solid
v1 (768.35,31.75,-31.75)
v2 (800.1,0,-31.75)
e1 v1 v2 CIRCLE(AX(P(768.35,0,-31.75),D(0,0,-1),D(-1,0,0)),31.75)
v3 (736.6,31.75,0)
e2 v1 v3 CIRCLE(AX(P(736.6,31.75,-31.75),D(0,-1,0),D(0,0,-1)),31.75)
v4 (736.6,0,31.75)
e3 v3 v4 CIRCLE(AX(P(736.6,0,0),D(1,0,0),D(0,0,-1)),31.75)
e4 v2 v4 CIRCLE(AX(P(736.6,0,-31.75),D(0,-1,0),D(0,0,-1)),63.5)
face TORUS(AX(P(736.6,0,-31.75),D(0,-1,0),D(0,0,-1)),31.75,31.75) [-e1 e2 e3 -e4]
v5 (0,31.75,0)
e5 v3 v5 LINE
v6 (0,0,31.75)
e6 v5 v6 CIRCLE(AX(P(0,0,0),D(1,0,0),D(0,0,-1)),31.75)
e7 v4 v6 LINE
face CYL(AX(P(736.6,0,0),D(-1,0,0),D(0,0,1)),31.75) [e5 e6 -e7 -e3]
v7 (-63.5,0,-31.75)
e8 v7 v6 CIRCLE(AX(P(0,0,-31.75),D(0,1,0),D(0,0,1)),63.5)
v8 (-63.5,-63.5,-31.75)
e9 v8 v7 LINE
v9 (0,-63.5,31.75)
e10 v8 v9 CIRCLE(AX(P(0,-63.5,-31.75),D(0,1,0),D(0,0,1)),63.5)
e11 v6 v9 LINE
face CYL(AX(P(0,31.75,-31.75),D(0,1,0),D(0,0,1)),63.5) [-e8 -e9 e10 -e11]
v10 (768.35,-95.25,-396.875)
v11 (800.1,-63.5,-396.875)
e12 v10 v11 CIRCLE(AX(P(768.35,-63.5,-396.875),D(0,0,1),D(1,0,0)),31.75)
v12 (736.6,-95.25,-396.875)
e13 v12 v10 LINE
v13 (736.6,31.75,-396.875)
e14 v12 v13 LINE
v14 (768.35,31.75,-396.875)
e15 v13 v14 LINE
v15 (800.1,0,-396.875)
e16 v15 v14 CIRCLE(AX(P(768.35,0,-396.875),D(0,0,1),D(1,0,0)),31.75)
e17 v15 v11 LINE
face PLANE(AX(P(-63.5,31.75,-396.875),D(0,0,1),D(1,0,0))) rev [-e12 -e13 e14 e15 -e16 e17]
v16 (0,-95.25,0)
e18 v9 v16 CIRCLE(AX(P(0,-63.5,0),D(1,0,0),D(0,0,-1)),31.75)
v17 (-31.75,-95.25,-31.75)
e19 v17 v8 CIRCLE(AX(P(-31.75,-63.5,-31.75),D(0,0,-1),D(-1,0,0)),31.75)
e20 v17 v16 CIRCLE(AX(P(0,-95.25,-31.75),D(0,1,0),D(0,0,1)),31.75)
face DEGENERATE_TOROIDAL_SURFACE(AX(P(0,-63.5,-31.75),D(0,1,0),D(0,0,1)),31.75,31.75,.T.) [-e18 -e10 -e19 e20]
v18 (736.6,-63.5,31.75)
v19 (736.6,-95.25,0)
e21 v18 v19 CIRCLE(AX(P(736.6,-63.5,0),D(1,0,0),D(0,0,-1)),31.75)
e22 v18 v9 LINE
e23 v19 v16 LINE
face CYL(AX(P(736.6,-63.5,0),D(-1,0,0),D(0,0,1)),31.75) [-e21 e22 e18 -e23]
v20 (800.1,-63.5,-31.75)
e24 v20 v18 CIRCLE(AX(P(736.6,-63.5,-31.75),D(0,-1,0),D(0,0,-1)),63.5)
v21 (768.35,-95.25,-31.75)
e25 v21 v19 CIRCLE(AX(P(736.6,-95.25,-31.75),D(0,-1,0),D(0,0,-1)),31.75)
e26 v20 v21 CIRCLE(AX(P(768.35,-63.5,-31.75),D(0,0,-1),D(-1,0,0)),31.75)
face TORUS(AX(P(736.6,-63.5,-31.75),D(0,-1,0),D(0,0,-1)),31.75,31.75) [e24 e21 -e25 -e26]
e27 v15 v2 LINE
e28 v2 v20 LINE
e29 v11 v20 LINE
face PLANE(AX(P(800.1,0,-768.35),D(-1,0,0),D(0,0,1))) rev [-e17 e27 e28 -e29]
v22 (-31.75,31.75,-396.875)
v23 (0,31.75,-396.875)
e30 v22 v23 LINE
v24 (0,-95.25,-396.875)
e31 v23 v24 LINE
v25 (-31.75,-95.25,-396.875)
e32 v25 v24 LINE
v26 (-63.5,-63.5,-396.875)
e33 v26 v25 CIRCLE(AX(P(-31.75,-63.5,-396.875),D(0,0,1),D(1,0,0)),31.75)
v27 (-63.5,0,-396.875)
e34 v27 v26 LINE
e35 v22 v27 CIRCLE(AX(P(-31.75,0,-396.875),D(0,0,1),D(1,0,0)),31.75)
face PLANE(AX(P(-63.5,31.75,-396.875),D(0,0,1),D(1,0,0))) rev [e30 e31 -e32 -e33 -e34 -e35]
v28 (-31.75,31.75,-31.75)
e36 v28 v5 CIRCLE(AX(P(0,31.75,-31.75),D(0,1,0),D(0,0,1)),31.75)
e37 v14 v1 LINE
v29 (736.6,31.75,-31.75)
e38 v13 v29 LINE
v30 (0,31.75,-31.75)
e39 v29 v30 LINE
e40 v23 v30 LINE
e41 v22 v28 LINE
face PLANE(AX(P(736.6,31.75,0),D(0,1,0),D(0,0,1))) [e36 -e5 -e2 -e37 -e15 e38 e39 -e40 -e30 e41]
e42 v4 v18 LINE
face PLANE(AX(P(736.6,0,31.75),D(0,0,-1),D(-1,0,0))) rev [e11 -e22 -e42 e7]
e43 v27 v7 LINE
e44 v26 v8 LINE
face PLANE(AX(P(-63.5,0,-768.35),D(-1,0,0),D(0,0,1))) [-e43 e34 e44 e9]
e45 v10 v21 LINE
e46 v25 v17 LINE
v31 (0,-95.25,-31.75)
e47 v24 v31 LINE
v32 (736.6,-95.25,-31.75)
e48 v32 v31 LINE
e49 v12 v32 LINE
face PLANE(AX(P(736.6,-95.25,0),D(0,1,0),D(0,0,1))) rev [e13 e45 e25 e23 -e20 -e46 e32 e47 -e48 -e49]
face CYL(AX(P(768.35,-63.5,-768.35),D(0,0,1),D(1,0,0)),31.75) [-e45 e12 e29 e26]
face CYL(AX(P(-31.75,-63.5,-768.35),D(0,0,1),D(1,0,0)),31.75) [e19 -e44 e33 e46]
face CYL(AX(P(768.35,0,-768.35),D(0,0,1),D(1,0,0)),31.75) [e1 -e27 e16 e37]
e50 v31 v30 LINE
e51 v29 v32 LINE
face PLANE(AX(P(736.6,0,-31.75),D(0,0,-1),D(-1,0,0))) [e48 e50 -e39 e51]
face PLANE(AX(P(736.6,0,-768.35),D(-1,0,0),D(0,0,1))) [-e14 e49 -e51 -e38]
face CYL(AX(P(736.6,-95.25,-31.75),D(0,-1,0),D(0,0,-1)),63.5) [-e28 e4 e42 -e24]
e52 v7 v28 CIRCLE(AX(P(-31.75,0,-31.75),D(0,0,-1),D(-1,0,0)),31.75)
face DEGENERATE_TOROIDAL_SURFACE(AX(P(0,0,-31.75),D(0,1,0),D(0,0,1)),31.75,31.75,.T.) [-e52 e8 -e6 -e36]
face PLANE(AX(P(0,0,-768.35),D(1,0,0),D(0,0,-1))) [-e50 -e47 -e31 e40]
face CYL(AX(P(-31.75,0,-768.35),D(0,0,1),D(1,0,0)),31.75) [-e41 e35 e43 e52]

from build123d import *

# Parameters (mm, degrees)
BOSS_EXTRUDE1_DEPTH = 736.6
REVOLVE13_ANGLE     = 90
REVOLVE12_ANGLE     = 90
BOSS_EXTRUDE3_DEPTH = 736.6
REVOLVE2_ANGLE      = 90
BOSS_EXTRUDE4_DEPTH = 736.6
REVOLVE10_ANGLE     = 90
BOSS_EXTRUDE5_DEPTH = 736.6
SKETCH16_W          = 434.975
SKETCH16_H          = 127
CUT_EXTRUDE1_DEPTH  = 1203.851588934


with BuildPart() as part:
    # Sketch1 → Boss-Extrude1 (new body)
    with BuildSketch(Plane(origin=(0, 0, 0), x_dir=(0, 0, -1), z_dir=(1, 0, 0))):
        with BuildLine():
            ThreePointArc((0, 31.75), (-22.450640303, 22.450640303), (-31.75, 0))
            Line((-31.75, 0), (-31.75, -63.5))
            ThreePointArc((-31.75, -63.5), (-22.450640303, -85.950640303), (0, -95.25))
            Line((0, -95.25), (31.75, -95.25))
            Line((31.75, -95.25), (31.75, 0))
            Line((31.75, 0), (31.75, 31.75))
            Line((31.75, 31.75), (0, 31.75))
        make_face()
    extrude(amount=BOSS_EXTRUDE1_DEPTH)



with BuildPart() as body_2:
    # Sketch8 → Revolve13 (revolve)
    with BuildSketch(Plane(origin=(736.6, 0, 0), x_dir=(0, 0, -1), z_dir=(1, 0, 0))):
        with BuildLine():
            Line((-31.75, 0), (-31.75, -63.5))
            ThreePointArc((-31.75, -63.5), (-22.450640303, -85.950640303), (0, -95.25))
            Line((0, -95.25), (31.75, -95.25))
            Line((31.75, -95.25), (31.75, 31.75))
            Line((31.75, 31.75), (0, 31.75))
            ThreePointArc((0, 31.75), (-22.450640303, 22.450640303), (-31.75, 0))
        make_face()
    revolve(axis=Axis((736.6, -95.25, -31.75), (0, 1, 0)), revolution_arc=REVOLVE13_ANGLE)


with BuildPart() as body_3:
    # Sketch15 → Revolve12 (revolve)
    with BuildSketch(Plane(origin=(0, 0, -31.75), x_dir=(0, 0, 1), z_dir=(-1, 0, 0))):
        with BuildLine():
            ThreePointArc((31.75, -95.25), (54.200640303, -85.950640303), (63.5, -63.5))
            Line((63.5, -63.5), (63.5, 0))
            ThreePointArc((63.5, 0), (54.200640303, 22.450640303), (31.75, 31.75))
            Line((31.75, 31.75), (0, 31.75))
            Line((0, 31.75), (0, -95.25))
            Line((0, -95.25), (31.75, -95.25))
        make_face()
    revolve(axis=Axis((0, 31.75, -31.75), (0, -1, 0)), revolution_arc=REVOLVE12_ANGLE)


with BuildPart() as part_1:
    add(part.part)

    add(body_2.part)  # Boss-Extrude3 merges body 2
    # Sketch7 → Boss-Extrude3 (add)
    with BuildSketch(Plane(origin=(0, 0, -31.75), x_dir=(-1, 0, 0), z_dir=(0, 0, -1))):
        with BuildLine():
            ThreePointArc((-768.35, 31.75), (-790.800640303, 22.450640303), (-800.1, 0))
            Line((-800.1, 0), (-800.1, -63.5))
            ThreePointArc((-800.1, -63.5), (-790.800640303, -85.950640303), (-768.35, -95.25))
            Line((-768.35, -95.25), (-736.6, -95.25))
            Line((-736.6, -95.25), (-736.6, 31.75))
            Line((-736.6, 31.75), (-768.35, 31.75))
        make_face()
    extrude(amount=BOSS_EXTRUDE3_DEPTH)

    # Sketch12 → Revolve2 (revolve)
    with BuildSketch(Plane(origin=(1454.15, 0, -768.35), x_dir=(-1, 0, 0), z_dir=(0, 0, -1))):
        with BuildLine():
            ThreePointArc((685.8, 31.75), (663.349359697, 22.450640303), (654.05, 0))
            Line((654.05, 0), (654.05, -63.5))
            ThreePointArc((654.05, -63.5), (663.349359697, -85.950640303), (685.8, -95.25))
            Line((685.8, -95.25), (717.55, -95.25))
            Line((717.55, -95.25), (717.55, 31.75))
            Line((717.55, 31.75), (685.8, 31.75))
        make_face()
    revolve(axis=Axis((736.6, -95.25, -768.35), (0, 1, 0)), revolution_arc=REVOLVE2_ANGLE)


    add(body_3.part)  # Boss-Extrude4 merges body 3
    # Sketch9 → Boss-Extrude4 (add)
    with BuildSketch(Plane(origin=(0, 0, -31.75), x_dir=(-1, 0, 0), z_dir=(0, 0, -1))):
        with BuildLine():
            Line((0, 31.75), (0, -95.25))
            Line((0, -95.25), (31.75, -95.25))
            ThreePointArc((31.75, -95.25), (54.200640303, -85.950640303), (63.5, -63.5))
            Line((63.5, -63.5), (63.5, 0))
            ThreePointArc((63.5, 0), (54.200640303, 22.450640303), (31.75, 31.75))
            Line((31.75, 31.75), (0, 31.75))
        make_face()
    extrude(amount=BOSS_EXTRUDE4_DEPTH)


with BuildPart() as body_2_2:
    # Sketch14 → Revolve10 (revolve)
    with BuildSketch(Plane(origin=(0, 0, -768.35), x_dir=(-1, 0, 0), z_dir=(0, 0, -1))):
        with BuildLine():
            Line((31.75, 31.75), (0, 31.75))
            Line((0, 31.75), (0, -95.25))
            Line((0, -95.25), (31.75, -95.25))
            ThreePointArc((31.75, -95.25), (54.200640303, -85.950640303), (63.5, -63.5))
            Line((63.5, -63.5), (63.5, 0))
            ThreePointArc((63.5, 0), (54.200640303, 22.450640303), (31.75, 31.75))
        make_face()
    revolve(axis=Axis((0, 31.75, -768.35), (0, -1, 0)), revolution_arc=REVOLVE10_ANGLE)


with BuildPart() as body_3_2:
    # Sketch10 → Boss-Extrude5 (new body)
    with BuildSketch(Plane(origin=(0, 0, 0), x_dir=(0, 0, -1), z_dir=(1, 0, 0))):
        with BuildLine():
            ThreePointArc((831.85, 0), (822.550640303, 22.450640303), (800.1, 31.75))
            Line((800.1, 31.75), (768.35, 31.75))
            Line((768.35, 31.75), (768.35, -95.25))
            Line((768.35, -95.25), (800.1, -95.25))
            ThreePointArc((800.1, -95.25), (822.550640303, -85.950640303), (831.85, -63.5))
            Line((831.85, -63.5), (831.85, 0))
        make_face()
    extrude(amount=BOSS_EXTRUDE5_DEPTH)


with BuildPart() as part_2:
    add(part_1.part)

    # Combine1: union body 3 2, body 2 2
    add(body_3_2.part)
    add(body_2_2.part)

    # Sketch16 → Cut-Extrude1 (cut, through all)
    with BuildSketch(Plane(origin=(800.1, 0, 0), x_dir=(0, 0, -1), z_dir=(1, 0, 0))):
        with Locations((614.3625, -31.75)):
            Rectangle(SKETCH16_W, SKETCH16_H)
    extrude(amount=-CUT_EXTRUDE1_DEPTH, mode=Mode.SUBTRACT)


solid = part_2.part
